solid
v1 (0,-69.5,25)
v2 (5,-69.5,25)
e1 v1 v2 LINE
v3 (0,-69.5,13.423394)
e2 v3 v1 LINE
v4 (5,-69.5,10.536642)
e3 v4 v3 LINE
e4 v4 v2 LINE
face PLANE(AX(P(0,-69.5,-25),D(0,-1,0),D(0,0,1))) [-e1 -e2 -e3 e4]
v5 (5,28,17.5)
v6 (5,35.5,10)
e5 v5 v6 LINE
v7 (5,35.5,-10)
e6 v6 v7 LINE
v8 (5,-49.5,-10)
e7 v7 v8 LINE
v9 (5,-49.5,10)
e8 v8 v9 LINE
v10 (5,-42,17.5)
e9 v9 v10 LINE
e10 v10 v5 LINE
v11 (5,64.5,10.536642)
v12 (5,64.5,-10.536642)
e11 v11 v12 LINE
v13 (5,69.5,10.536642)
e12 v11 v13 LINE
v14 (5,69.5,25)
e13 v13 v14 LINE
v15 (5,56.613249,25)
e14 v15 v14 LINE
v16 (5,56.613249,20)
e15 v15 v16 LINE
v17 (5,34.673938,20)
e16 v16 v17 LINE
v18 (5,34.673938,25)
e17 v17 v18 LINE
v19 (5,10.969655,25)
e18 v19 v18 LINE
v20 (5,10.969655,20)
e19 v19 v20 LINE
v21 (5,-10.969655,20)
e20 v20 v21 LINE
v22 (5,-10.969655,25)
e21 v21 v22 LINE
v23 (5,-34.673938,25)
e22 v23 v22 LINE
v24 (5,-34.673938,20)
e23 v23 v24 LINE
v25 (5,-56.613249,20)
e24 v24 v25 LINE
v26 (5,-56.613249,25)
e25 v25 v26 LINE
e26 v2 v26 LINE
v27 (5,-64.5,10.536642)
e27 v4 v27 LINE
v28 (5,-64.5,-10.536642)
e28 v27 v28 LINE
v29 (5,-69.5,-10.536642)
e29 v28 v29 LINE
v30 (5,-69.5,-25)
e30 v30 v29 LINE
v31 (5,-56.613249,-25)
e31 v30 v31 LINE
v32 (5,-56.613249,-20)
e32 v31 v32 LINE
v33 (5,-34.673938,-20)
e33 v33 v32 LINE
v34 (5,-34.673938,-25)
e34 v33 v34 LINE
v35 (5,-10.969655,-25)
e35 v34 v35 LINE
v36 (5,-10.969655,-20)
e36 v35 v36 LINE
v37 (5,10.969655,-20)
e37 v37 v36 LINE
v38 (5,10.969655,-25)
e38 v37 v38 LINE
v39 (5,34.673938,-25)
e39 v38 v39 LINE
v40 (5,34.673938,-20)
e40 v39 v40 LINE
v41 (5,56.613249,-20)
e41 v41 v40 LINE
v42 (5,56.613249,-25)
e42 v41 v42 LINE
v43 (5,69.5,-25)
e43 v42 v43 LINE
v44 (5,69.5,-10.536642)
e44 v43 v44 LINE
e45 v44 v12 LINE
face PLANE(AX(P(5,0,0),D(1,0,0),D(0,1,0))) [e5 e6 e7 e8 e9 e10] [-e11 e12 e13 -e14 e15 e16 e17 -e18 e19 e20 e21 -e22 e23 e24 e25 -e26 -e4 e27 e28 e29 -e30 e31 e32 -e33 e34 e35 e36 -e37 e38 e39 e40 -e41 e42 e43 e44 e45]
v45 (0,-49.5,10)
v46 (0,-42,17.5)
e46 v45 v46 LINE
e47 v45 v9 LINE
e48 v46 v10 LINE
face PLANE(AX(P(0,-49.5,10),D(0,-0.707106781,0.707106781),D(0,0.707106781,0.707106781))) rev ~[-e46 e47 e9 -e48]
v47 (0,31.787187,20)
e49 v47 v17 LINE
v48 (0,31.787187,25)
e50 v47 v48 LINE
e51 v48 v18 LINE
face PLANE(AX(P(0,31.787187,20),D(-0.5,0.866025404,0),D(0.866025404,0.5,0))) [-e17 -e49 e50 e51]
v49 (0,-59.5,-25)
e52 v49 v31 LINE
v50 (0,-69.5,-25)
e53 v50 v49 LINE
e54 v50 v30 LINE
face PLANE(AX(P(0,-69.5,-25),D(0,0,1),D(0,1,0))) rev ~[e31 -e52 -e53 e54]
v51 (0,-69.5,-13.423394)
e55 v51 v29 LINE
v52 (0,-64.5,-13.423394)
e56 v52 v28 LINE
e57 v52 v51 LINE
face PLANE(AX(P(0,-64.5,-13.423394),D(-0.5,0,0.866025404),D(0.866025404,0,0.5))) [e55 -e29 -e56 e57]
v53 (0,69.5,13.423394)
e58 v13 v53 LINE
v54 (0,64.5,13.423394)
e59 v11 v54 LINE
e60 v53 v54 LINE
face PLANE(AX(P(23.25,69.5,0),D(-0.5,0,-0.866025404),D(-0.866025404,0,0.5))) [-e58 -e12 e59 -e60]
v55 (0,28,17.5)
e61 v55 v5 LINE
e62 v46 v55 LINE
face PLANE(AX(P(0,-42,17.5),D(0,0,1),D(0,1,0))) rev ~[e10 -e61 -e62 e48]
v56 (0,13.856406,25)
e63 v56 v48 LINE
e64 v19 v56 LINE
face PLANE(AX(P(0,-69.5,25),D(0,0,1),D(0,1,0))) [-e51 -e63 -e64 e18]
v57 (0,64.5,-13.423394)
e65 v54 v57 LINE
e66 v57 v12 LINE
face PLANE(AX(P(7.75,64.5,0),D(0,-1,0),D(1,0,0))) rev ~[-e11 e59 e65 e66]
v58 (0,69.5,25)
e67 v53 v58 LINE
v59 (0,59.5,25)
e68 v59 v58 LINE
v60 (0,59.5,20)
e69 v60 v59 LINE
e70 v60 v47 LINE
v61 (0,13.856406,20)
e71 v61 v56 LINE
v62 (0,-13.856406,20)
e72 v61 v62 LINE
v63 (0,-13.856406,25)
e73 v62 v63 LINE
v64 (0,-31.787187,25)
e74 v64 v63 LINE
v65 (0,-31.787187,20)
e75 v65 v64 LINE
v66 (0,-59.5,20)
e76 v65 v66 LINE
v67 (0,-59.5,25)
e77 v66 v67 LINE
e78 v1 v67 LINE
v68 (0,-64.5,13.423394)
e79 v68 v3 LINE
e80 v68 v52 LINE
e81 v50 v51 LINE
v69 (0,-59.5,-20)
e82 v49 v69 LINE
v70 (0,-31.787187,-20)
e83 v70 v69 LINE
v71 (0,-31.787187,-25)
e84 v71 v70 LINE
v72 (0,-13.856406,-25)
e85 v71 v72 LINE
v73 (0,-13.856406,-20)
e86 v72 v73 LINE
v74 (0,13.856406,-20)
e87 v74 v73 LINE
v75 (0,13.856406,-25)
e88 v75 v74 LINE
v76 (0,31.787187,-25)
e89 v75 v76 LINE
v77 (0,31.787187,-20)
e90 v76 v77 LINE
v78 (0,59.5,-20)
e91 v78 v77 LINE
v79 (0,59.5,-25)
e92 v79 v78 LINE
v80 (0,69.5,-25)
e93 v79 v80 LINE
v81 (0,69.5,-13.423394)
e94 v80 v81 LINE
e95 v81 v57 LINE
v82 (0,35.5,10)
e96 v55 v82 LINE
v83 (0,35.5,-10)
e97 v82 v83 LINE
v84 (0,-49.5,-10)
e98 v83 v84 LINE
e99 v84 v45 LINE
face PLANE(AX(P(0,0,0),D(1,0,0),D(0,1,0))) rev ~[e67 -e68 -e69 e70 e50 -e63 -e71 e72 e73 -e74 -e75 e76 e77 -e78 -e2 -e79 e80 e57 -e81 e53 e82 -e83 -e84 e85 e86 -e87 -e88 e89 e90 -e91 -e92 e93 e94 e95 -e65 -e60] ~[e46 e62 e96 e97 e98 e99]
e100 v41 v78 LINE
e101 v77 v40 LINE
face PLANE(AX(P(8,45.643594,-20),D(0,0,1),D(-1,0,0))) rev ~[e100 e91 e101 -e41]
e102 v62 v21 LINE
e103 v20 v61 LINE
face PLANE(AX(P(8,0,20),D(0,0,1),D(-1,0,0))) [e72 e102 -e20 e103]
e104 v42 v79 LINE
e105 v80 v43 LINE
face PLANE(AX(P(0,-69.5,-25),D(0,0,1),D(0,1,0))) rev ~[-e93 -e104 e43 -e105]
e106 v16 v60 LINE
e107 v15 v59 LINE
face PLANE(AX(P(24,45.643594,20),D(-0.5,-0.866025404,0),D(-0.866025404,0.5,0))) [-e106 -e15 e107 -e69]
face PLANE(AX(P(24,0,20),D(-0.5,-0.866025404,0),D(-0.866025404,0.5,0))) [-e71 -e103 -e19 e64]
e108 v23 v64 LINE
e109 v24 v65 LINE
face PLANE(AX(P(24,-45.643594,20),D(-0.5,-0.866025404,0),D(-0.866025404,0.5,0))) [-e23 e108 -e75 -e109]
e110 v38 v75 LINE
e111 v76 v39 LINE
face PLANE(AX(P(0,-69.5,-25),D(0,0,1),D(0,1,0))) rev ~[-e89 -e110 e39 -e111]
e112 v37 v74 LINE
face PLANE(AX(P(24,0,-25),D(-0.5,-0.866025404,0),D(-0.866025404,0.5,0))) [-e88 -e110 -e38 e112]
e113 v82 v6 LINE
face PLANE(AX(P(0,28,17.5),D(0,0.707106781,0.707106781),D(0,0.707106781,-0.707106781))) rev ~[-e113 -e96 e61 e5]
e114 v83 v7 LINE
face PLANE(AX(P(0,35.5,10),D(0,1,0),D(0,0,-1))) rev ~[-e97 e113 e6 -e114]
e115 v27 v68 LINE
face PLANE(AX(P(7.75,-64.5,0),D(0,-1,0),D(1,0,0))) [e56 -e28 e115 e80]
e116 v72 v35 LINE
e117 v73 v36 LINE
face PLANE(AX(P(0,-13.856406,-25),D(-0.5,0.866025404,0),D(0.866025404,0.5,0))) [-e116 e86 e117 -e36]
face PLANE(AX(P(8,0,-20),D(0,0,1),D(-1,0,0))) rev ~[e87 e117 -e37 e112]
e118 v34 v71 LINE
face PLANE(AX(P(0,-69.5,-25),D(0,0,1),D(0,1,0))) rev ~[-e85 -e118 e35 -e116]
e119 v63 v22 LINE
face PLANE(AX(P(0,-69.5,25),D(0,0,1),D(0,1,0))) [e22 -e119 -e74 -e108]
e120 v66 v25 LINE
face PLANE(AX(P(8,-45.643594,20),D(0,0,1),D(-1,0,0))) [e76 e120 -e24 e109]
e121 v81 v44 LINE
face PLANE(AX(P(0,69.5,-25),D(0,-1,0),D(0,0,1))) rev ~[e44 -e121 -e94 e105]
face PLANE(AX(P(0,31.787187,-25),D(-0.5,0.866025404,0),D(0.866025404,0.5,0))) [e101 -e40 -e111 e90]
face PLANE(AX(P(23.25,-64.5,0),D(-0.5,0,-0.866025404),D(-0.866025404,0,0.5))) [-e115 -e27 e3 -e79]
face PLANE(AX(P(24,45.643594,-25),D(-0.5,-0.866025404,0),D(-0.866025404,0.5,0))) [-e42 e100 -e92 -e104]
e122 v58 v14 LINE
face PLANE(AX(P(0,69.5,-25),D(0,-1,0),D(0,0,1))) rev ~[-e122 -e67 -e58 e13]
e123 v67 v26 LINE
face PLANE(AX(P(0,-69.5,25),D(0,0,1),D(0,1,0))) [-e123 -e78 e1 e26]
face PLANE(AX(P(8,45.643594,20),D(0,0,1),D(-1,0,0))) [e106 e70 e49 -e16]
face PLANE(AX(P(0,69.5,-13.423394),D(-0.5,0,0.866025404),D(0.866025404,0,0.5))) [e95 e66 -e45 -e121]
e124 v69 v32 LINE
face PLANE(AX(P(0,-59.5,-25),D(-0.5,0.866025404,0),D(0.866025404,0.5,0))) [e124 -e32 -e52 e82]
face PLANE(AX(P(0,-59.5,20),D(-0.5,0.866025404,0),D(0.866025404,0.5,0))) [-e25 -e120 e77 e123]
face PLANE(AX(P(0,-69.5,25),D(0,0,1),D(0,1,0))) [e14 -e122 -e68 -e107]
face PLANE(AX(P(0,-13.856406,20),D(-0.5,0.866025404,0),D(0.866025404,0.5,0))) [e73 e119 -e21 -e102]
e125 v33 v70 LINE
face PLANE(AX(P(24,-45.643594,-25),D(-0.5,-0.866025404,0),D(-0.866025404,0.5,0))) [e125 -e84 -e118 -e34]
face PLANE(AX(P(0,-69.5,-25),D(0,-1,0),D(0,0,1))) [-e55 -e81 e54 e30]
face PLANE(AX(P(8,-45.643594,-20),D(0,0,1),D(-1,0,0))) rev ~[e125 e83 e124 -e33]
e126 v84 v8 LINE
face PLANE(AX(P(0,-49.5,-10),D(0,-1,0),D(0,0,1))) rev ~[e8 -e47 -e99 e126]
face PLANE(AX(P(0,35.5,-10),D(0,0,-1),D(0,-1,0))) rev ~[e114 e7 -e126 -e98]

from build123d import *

# Parameters (mm, degrees)
SKETCH2_W           = 139
SKETCH2_H           = 50
BOSS_EXTRUDE1_DEPTH = 5
CUT_EXTRUDE1_DEPTH  = 5
CUT_EXTRUDE2_START  = -45
CUT_EXTRUDE2_DEPTH  = 5
CUT_EXTRUDE3_DEPTH  = 5
CUT_EXTRUDE5_START  = -134
CUT_EXTRUDE5_DEPTH  = 5
CUT_EXTRUDE6_DEPTH  = 5


with BuildPart() as part:
    # Sketch2 → Boss-Extrude1 (new body)
    with BuildSketch(Plane.YZ):
        Rectangle(SKETCH2_W, SKETCH2_H)
    extrude(amount=BOSS_EXTRUDE1_DEPTH)

    # Sketch3 → Cut-Extrude1 (cut)
    with BuildSketch(Plane(origin=(0, 0, -25), x_dir=(1, 0, 0), z_dir=(0, 0, -1))):
        Polygon((0, 31.787187079), (0, 59.5), (24, 45.643593539), align=None)
        Polygon((0, -13.856406461), (0, 13.856406461), (24, 0), align=None)
        Polygon((0, -59.5), (0, -31.787187079), (24, -45.643593539), align=None)
    extrude(amount=-CUT_EXTRUDE1_DEPTH, mode=Mode.SUBTRACT)

    # Sketch3<3> → Cut-Extrude2 (cut)
    with BuildSketch(Plane(origin=(0, 0, -25), x_dir=(1, 0, 0), z_dir=(0, 0, -1)).offset(CUT_EXTRUDE2_START)):
        Polygon((0, 31.787187079), (0, 59.5), (24, 45.643593539), align=None)
        Polygon((0, -13.856406461), (0, 13.856406461), (24, 0), align=None)
        Polygon((0, -59.5), (0, -31.787187079), (24, -45.643593539), align=None)
    extrude(amount=-CUT_EXTRUDE2_DEPTH, mode=Mode.SUBTRACT)

    # Sketch6 → Cut-Extrude3 (cut)
    with BuildSketch(Plane(origin=(0, 69.5, 0), x_dir=(-1, 0, 0), z_dir=(0, 1, 0))):
        Polygon((0, 13.423393759), (0, -13.423393759), (-23.25, 0), align=None)
    extrude(amount=-CUT_EXTRUDE3_DEPTH, mode=Mode.SUBTRACT)

    # Sketch6<3> → Cut-Extrude5 (cut)
    with BuildSketch(Plane(origin=(0, 69.5, 0), x_dir=(-1, 0, 0), z_dir=(0, 1, 0)).offset(CUT_EXTRUDE5_START)):
        Polygon((0, 13.423393759), (0, -13.423393759), (-23.25, 0), align=None)
    extrude(amount=-CUT_EXTRUDE5_DEPTH, mode=Mode.SUBTRACT)

    # Sketch4 → Cut-Extrude6 (cut)
    with BuildSketch(Plane(origin=(0, 0, 0), x_dir=(0, -1, 0), z_dir=(-1, 0, 0))):
        Polygon((-35.5, -10), (49.5, -10), (49.5, 10), (42, 17.5), (-28, 17.5), (-35.5, 10), align=None)
    extrude(amount=-CUT_EXTRUDE6_DEPTH, mode=Mode.SUBTRACT)


solid = part.part
